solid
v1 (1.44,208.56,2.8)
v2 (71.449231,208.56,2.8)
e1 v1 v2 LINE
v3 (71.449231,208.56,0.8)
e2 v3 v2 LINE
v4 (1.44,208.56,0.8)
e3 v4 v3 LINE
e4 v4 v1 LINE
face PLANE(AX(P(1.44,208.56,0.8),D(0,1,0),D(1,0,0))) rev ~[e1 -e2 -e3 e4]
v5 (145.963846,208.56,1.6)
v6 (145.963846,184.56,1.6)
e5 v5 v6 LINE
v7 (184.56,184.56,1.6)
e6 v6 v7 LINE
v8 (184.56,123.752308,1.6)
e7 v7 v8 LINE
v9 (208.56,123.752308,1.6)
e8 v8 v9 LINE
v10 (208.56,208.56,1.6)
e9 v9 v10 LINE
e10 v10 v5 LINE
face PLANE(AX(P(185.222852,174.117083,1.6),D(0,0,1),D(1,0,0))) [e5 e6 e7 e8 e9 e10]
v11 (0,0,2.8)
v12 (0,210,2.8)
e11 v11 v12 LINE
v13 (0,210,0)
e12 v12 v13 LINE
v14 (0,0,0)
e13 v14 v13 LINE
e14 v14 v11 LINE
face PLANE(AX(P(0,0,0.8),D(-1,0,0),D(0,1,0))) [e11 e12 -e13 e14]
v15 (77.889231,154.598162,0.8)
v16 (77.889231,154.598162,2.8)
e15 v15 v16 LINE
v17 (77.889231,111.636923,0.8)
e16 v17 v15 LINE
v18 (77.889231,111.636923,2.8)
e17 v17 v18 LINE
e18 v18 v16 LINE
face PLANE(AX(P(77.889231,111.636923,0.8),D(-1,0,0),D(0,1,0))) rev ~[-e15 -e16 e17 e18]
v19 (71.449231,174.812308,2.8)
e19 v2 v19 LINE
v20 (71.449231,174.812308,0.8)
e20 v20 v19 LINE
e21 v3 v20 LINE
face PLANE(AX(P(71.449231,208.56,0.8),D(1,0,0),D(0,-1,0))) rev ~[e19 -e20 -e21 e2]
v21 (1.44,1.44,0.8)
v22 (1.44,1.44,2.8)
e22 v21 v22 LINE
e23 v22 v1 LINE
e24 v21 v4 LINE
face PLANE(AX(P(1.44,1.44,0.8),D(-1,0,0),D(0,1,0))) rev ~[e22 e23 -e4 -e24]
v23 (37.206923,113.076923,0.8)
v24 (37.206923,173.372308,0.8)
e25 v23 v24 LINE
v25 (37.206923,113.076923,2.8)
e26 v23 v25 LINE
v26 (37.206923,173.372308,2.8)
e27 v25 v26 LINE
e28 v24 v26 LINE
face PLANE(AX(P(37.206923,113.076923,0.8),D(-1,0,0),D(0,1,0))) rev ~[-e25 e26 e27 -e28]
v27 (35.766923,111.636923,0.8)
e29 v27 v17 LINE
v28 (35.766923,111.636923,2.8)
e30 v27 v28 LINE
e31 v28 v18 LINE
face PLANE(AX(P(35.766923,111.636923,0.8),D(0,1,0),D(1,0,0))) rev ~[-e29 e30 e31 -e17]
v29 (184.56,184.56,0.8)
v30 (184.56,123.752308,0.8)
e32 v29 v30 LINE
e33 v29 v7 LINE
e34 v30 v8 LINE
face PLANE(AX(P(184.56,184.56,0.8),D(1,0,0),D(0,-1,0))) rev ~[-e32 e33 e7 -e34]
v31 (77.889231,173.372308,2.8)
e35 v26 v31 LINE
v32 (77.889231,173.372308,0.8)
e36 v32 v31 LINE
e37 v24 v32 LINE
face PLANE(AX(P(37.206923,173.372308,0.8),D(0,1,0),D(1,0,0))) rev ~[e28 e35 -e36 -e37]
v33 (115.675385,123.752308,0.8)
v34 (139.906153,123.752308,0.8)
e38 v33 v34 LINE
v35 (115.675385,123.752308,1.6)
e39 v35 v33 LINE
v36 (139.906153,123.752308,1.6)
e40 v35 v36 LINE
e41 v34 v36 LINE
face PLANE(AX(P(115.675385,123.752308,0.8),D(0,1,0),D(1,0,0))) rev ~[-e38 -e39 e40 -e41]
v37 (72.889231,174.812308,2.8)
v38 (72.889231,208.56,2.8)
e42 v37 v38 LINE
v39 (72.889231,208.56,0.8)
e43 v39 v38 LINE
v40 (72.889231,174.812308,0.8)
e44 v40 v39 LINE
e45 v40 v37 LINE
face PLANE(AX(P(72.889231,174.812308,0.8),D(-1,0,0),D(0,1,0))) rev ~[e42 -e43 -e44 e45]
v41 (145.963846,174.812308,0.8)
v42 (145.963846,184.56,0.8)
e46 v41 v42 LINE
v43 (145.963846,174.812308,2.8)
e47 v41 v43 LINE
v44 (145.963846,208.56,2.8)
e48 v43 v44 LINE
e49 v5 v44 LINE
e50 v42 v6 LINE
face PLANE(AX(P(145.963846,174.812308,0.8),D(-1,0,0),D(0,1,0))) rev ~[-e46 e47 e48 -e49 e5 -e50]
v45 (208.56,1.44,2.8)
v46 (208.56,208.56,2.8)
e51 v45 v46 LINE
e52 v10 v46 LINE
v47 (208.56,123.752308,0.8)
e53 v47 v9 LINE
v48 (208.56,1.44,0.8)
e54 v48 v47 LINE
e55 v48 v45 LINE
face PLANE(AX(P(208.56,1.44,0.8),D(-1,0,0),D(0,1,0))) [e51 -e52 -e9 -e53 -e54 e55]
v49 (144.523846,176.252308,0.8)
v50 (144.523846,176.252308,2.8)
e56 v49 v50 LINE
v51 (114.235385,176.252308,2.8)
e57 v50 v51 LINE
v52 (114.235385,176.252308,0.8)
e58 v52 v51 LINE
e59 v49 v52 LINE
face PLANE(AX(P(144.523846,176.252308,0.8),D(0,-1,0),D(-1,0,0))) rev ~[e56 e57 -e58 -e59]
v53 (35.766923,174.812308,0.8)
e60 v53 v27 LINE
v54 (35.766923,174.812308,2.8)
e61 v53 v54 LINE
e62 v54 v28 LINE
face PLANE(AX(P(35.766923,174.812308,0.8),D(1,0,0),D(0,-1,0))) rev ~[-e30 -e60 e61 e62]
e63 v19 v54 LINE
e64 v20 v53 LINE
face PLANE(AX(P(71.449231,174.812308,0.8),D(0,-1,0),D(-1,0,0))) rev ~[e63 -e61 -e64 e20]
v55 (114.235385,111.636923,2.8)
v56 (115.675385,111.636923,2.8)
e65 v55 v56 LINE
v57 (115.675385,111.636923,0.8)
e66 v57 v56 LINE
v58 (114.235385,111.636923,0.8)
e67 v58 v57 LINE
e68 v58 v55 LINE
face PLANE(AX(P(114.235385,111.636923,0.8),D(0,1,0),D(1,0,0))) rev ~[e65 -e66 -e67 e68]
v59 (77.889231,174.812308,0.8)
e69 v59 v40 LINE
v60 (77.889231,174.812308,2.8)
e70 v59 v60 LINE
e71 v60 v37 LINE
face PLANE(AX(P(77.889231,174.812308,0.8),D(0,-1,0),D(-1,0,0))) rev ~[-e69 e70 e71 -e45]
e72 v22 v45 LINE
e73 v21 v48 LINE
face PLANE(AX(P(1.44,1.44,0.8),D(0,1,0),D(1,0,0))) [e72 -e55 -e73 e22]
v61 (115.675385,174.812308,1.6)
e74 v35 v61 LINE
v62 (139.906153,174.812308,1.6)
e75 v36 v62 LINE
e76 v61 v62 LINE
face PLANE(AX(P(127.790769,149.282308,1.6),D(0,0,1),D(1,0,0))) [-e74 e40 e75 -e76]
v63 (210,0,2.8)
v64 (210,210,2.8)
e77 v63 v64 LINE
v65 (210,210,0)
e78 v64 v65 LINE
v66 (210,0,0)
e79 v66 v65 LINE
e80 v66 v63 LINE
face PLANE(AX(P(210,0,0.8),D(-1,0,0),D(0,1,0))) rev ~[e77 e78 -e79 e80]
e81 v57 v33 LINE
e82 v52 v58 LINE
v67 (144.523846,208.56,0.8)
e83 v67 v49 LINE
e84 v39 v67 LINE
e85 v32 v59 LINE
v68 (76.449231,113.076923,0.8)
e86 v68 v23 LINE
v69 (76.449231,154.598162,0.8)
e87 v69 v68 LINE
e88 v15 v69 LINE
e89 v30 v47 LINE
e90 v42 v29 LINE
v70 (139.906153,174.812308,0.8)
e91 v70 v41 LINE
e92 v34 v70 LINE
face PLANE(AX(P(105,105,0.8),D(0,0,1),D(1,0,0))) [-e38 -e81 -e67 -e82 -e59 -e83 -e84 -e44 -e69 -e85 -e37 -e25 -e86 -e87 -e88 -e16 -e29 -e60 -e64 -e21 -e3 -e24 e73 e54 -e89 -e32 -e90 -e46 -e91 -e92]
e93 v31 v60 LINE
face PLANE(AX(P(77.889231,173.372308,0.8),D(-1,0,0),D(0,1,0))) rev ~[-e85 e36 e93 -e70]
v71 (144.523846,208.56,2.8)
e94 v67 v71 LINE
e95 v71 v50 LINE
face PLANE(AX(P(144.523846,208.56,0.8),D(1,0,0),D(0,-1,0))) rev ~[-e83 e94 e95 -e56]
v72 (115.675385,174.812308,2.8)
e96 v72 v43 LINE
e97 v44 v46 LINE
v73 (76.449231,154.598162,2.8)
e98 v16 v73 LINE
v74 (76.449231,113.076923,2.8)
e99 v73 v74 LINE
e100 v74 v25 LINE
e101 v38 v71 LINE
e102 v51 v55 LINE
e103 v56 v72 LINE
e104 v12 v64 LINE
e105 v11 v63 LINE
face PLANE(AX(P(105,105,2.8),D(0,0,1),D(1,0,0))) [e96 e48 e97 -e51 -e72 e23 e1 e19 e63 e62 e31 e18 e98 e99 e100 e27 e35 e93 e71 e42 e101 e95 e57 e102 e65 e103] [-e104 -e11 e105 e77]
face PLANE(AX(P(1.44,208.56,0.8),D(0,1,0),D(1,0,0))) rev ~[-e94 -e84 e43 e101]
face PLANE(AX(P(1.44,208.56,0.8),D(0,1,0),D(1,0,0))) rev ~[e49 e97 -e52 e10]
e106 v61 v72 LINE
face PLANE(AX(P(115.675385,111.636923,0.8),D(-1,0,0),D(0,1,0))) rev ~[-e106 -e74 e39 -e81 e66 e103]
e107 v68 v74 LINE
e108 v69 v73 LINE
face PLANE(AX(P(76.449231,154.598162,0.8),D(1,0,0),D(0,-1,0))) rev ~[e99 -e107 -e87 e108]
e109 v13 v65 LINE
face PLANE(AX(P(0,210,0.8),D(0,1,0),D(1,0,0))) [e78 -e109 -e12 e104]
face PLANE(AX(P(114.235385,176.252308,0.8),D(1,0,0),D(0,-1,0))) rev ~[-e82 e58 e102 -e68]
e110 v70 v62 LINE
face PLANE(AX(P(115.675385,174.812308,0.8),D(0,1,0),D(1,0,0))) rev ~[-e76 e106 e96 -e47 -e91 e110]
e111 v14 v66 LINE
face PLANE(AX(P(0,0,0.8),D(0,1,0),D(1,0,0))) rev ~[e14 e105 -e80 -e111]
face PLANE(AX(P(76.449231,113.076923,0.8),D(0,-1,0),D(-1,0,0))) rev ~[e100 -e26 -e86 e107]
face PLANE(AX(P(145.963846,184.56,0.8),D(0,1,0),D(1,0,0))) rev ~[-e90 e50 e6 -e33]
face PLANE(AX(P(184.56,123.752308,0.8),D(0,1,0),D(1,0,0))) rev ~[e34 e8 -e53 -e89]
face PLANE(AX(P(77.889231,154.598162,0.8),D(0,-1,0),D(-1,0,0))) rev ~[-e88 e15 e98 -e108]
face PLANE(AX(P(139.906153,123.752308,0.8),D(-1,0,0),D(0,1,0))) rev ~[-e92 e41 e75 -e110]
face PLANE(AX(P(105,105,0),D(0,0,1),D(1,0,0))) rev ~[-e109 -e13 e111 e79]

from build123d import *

# Parameters (mm, degrees)
F0_W     = 210
F0_H     = 210
F1_DEPTH = 0.8
F2_W     = 210
F2_H     = 210
F2_W_2   = 207.12
F2_H_2   = 207.12
F3_DEPTH = 2
F5_DEPTH = 2
F6_W     = 24.230769
F6_H     = 51.06
F7_DEPTH = 0.8


with BuildPart() as f1:
    # F0 (on Top) → F1 (new body)
    with BuildSketch(Plane.XY):
        with Locations((105, 105)):
            Rectangle(F0_W, F0_H)
    extrude(amount=F1_DEPTH)

    # F2 (on face) → F3 (join)
    with BuildSketch(Plane.XY.offset(0.8)):
        with Locations((105, 105)):
            Rectangle(F2_W, F2_H)
        with Locations((105, 105)):
            Rectangle(F2_W_2, F2_H_2, mode=Mode.SUBTRACT)
    extrude(amount=F3_DEPTH)

    # F4 (on face) → F5 (join, through all)
    with BuildSketch(Plane.XY.offset(0.8)):
        Polygon((145.963846, 174.812308), (145.963846, 208.56), (144.523846, 208.56), (144.523846, 176.252308), (114.235385, 176.252308), (114.235385, 111.636923), (115.675385, 111.636923), (115.675385, 174.812308), align=None)
        Polygon((72.889231, 174.812308), (72.889231, 208.56), (71.449231, 208.56), (71.449231, 174.812308), (35.766923, 174.812308), (35.766923, 111.636923), (77.889231, 111.636923), (77.889231, 154.598162), (76.449231, 154.598162), (76.449231, 113.076923), (37.206923, 113.076923), (37.206923, 173.372308), (77.889231, 173.372308), (77.889231, 174.812308), align=None)
    extrude(amount=F5_DEPTH)

    # F6 (on face) → F7 (join)
    with BuildSketch(Plane.XY.offset(0.8)):
        Polygon((208.56, 208.56), (145.963846, 208.56), (145.963846, 184.56), (184.56, 184.56), (184.56, 123.752308), (208.56, 123.752308), align=None)
        with Locations((127.790769, 149.282308)):
            Rectangle(F6_W, F6_H)
    extrude(amount=F7_DEPTH)


solid = f1.part
